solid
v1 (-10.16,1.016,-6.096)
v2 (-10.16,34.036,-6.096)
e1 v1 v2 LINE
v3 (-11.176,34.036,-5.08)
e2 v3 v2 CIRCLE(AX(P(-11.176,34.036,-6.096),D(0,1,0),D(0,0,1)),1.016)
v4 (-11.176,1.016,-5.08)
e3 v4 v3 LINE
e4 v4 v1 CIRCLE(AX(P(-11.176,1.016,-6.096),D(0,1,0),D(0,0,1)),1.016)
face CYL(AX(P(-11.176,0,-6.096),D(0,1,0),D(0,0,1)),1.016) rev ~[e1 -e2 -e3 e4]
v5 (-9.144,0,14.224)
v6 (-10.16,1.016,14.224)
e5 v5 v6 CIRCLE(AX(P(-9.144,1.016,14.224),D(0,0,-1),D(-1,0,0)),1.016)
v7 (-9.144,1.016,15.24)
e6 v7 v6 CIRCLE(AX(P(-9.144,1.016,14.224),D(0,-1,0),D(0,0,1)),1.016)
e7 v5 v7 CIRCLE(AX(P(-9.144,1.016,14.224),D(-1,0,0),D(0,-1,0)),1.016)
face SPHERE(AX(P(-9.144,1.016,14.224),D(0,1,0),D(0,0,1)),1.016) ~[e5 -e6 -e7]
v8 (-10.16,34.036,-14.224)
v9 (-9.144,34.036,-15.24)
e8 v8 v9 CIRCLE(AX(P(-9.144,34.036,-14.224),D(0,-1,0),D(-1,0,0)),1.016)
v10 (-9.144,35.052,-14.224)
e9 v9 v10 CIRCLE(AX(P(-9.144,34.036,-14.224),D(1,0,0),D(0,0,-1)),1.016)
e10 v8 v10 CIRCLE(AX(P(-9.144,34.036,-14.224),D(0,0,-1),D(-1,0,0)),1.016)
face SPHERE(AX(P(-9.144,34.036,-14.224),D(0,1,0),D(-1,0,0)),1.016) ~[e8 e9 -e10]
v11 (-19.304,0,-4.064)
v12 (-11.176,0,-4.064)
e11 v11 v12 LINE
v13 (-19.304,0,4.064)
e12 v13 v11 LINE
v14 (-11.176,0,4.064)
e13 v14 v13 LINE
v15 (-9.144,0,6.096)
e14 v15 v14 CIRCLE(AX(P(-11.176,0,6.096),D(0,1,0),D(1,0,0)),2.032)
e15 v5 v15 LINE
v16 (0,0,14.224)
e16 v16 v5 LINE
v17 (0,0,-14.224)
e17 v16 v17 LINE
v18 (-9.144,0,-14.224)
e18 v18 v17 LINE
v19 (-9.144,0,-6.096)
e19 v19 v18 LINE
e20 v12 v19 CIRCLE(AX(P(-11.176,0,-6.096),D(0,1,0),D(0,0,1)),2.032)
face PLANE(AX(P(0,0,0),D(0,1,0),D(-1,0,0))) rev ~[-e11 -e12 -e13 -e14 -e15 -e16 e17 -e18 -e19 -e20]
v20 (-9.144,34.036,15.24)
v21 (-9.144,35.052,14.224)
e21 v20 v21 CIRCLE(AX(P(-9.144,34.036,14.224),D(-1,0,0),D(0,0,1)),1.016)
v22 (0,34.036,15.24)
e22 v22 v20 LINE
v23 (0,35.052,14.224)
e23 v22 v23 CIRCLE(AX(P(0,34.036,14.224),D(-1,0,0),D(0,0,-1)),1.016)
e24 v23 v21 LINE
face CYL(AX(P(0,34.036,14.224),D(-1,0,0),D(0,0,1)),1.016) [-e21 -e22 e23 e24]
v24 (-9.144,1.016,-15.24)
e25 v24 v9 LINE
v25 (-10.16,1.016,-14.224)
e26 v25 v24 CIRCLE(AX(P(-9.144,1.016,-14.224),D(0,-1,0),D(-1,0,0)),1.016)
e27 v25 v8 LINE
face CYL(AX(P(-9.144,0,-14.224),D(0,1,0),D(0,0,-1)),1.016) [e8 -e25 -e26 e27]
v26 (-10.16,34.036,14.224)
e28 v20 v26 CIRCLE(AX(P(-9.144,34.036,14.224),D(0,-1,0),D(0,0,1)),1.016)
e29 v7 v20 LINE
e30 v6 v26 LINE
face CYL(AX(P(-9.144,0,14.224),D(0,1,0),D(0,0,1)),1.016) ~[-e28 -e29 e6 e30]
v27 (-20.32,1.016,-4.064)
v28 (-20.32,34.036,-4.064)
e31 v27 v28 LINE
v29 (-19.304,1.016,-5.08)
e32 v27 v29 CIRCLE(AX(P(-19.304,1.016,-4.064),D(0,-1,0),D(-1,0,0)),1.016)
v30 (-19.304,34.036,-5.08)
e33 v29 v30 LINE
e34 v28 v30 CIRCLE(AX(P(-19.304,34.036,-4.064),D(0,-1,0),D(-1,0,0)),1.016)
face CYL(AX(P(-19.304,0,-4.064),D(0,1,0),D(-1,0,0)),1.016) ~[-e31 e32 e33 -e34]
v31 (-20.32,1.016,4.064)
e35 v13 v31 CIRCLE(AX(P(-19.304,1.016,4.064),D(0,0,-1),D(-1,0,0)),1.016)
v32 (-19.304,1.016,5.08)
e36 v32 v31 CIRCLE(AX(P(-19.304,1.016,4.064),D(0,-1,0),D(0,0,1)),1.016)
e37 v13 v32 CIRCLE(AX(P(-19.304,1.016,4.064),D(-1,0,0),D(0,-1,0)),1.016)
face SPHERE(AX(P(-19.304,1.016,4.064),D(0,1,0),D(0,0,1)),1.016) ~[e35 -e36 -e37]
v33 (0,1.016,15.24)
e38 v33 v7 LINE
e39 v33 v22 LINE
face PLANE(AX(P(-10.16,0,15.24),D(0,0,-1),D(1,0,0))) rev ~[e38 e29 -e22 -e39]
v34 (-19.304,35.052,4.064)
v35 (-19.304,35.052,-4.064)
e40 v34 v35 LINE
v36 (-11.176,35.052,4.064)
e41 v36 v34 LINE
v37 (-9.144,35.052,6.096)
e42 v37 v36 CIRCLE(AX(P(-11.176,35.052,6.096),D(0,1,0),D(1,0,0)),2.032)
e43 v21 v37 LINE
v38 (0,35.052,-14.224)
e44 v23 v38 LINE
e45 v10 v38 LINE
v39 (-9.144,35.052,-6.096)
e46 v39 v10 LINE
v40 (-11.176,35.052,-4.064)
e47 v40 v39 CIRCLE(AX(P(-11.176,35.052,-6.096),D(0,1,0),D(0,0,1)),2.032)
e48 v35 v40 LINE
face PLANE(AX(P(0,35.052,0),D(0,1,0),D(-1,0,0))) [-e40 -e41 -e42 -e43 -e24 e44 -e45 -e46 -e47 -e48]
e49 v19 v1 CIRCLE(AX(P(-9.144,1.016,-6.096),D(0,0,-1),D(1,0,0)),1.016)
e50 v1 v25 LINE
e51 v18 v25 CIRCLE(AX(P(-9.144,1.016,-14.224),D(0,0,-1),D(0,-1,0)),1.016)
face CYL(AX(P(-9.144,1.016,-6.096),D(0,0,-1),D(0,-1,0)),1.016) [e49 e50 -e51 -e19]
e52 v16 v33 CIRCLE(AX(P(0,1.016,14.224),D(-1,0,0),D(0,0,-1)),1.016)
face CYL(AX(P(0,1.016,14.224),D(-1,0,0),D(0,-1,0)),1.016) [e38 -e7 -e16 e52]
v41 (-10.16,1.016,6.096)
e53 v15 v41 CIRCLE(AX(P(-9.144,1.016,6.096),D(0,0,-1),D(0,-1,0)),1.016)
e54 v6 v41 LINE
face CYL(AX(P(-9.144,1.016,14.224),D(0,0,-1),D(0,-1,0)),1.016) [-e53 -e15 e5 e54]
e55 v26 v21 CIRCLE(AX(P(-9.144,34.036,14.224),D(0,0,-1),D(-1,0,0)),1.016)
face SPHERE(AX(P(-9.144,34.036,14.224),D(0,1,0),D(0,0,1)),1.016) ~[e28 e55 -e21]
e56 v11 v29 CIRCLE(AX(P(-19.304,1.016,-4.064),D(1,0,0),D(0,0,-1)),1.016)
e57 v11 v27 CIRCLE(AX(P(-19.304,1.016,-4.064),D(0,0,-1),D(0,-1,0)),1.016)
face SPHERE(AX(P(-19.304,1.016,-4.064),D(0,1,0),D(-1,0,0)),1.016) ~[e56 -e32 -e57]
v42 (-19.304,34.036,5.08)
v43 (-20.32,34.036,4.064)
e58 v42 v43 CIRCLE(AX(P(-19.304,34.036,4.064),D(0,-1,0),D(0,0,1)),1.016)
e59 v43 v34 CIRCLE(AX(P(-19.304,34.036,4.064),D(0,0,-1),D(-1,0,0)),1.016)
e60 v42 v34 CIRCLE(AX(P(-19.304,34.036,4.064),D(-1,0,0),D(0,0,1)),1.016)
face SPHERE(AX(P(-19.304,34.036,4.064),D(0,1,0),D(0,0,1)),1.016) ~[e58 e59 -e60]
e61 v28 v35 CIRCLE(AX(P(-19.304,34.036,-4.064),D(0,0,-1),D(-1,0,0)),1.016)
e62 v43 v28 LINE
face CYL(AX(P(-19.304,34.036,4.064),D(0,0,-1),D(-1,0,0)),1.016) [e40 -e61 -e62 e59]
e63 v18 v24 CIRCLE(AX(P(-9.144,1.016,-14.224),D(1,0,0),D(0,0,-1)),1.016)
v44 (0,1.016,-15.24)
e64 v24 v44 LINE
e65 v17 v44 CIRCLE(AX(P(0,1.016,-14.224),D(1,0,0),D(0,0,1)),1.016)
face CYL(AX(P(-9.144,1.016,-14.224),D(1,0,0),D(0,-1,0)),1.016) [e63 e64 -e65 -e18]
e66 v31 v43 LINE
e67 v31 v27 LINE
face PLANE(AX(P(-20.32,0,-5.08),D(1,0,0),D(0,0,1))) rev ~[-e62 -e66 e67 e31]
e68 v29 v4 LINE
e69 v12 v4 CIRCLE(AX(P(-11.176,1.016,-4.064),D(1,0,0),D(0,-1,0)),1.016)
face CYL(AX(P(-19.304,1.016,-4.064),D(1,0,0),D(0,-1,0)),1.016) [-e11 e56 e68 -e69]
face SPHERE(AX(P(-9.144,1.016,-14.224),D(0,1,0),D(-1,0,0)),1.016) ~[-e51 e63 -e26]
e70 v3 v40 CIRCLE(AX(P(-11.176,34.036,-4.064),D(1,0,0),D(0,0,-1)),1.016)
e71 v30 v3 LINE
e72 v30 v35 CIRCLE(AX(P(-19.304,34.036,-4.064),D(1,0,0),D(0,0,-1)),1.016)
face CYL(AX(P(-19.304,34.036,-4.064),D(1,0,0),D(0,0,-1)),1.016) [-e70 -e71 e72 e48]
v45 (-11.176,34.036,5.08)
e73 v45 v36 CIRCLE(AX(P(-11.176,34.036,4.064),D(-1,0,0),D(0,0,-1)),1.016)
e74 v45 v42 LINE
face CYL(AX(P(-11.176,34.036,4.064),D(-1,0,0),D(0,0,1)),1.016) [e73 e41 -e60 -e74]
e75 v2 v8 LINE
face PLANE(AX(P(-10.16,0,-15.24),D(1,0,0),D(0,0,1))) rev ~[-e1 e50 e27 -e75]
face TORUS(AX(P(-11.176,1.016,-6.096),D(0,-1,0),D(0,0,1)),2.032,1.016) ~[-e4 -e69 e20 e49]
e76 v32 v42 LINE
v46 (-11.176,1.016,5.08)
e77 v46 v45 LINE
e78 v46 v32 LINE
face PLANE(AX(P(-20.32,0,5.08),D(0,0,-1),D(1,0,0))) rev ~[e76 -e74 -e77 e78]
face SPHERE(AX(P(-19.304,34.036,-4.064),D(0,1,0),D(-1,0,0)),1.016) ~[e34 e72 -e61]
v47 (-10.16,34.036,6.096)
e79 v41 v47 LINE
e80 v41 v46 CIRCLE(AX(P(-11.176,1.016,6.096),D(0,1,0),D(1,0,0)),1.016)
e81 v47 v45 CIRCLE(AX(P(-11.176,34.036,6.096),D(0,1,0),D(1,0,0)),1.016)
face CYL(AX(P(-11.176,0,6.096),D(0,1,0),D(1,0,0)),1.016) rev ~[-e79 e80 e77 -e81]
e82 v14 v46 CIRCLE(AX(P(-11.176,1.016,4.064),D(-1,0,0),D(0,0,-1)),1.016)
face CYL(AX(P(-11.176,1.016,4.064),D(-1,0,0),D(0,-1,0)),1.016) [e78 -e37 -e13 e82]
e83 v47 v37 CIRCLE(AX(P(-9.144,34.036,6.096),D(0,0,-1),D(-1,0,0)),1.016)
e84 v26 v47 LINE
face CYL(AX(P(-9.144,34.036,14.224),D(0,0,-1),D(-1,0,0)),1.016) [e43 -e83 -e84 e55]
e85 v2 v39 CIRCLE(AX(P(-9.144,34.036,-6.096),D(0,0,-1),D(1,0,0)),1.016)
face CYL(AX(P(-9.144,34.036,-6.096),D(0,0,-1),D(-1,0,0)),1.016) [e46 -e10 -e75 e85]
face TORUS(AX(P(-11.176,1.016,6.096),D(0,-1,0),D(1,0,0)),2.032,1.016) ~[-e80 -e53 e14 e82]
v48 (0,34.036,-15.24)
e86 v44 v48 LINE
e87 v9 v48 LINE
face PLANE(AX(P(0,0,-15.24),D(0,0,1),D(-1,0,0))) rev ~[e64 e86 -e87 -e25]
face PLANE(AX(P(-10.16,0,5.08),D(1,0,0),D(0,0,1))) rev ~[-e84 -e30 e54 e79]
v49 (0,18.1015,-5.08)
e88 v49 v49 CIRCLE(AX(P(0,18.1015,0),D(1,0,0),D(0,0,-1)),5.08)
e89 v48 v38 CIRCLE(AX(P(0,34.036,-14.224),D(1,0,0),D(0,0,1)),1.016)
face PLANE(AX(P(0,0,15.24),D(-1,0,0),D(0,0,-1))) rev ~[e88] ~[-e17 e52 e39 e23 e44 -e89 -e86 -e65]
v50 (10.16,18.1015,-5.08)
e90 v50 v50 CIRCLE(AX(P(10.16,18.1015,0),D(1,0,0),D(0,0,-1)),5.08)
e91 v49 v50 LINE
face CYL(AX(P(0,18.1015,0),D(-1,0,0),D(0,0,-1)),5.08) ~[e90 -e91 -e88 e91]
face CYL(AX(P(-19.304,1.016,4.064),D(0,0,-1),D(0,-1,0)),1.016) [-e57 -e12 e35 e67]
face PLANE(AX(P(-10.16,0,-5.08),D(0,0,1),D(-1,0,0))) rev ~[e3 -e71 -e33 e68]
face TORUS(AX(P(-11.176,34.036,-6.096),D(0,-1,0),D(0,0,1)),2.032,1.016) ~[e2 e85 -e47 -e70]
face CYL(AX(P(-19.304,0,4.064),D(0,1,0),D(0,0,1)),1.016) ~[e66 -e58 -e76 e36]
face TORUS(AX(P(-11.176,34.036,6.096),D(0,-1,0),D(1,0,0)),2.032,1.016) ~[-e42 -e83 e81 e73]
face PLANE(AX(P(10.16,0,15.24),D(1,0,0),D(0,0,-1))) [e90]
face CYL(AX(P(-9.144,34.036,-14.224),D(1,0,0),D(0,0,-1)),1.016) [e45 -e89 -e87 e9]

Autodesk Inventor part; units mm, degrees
ref_plane "YZ Plane" through (0, 0, 0) normal (1, 0, 0) x (0, 1, 0)
ref_plane "XZ Plane" through (0, 0, 0) normal (0, 1, 0) x (-1, 0, 0)
ref_plane "XY Plane" through (0, 0, 0) normal (0, 0, 1) x (1, 0, 0)
sketch "Sketch1" plane through (0, 0, 0) normal (0, 1, 0) x (-1, 0, 0)
  line L0 (0, 15.24) -> (0, -15.24)
  line L1 (0, -15.24) -> (10.16, -15.24)
  line L2 (10.16, -15.24) -> (10.16, -5.08)
  line L3 (10.16, -5.08) -> (20.32, -5.08)
  line L4 (20.32, -5.08) -> (20.32, 5.08)
  line L5 (20.32, 5.08) -> (10.16, 5.08)
  line L6 (10.16, 5.08) -> (10.16, 15.24)
  line L7 (10.16, 15.24) -> (0, 15.24)
  point P0 (0, 0)
  dimension "d1" = 10.16
  dimension "d2" = 10.16
  dimension "d3" = 10.16
  dimension "d4" = 15.24
  dimension "d5" = 10.16
extrude "Extrusion1" add sketch "Sketch1" along normal blind 35.052
sketch "Sketch2" plane through (0, 0, 15.24) normal (1, 0, 0) x (0, 0, -1)
  circle A0 centre (15.24, 18.1015) radius 5.08
  point P0 (15.24, 0)
  dimension "d8" = 10.16
extrude "Extrusion2" add sketch "Sketch2" along normal blind 10.16
fillet "Fillet1" radius 1.016 6 edges at (-10.16, 17.526, 5.08) (-10.16, 17.526, -5.08) (-20.32, 17.526, 5.08) (-20.32, 17.526, -5.08) (-10.16, 17.526, 15.24) (-10.16, 17.526, -15.24)
fillet "Fillet2" radius 1.016 26 edges at (-9.8624, 35.052, 14.9424) (-4.572, 35.052, 15.24) (-10.4576, 35.052, 5.3776) (-15.24, 35.052, 5.08) (-20.0224, 35.052, 4.7824) (-20.32, 35.052, 0) (-20.0224, 35.052, -4.7824) (-15.24, 35.052, -5.08) (-10.4576, 35.052, -5.3776) (-10.16, 35.052, -10.16) (-9.8624, 35.052, -14.9424) (-4.572, 35.052, -15.24) (-10.16, 35.052, 10.16) (-9.8624, 0, 14.9424) (-10.16, 0, 10.16) (-10.4576, 0, 5.3776) (-15.24, 0, 5.08) (-20.0224, 0, 4.7824) (-20.32, 0, 0) (-20.0224, 0, -4.7824) (-15.24, 0, -5.08) (-10.4576, 0, -5.3776) (-10.16, 0, -10.16) (-9.8624, 0, -14.9424) (-4.572, 0, -15.24) (-4.572, 0, 15.24)
properties part number "Slider2"
